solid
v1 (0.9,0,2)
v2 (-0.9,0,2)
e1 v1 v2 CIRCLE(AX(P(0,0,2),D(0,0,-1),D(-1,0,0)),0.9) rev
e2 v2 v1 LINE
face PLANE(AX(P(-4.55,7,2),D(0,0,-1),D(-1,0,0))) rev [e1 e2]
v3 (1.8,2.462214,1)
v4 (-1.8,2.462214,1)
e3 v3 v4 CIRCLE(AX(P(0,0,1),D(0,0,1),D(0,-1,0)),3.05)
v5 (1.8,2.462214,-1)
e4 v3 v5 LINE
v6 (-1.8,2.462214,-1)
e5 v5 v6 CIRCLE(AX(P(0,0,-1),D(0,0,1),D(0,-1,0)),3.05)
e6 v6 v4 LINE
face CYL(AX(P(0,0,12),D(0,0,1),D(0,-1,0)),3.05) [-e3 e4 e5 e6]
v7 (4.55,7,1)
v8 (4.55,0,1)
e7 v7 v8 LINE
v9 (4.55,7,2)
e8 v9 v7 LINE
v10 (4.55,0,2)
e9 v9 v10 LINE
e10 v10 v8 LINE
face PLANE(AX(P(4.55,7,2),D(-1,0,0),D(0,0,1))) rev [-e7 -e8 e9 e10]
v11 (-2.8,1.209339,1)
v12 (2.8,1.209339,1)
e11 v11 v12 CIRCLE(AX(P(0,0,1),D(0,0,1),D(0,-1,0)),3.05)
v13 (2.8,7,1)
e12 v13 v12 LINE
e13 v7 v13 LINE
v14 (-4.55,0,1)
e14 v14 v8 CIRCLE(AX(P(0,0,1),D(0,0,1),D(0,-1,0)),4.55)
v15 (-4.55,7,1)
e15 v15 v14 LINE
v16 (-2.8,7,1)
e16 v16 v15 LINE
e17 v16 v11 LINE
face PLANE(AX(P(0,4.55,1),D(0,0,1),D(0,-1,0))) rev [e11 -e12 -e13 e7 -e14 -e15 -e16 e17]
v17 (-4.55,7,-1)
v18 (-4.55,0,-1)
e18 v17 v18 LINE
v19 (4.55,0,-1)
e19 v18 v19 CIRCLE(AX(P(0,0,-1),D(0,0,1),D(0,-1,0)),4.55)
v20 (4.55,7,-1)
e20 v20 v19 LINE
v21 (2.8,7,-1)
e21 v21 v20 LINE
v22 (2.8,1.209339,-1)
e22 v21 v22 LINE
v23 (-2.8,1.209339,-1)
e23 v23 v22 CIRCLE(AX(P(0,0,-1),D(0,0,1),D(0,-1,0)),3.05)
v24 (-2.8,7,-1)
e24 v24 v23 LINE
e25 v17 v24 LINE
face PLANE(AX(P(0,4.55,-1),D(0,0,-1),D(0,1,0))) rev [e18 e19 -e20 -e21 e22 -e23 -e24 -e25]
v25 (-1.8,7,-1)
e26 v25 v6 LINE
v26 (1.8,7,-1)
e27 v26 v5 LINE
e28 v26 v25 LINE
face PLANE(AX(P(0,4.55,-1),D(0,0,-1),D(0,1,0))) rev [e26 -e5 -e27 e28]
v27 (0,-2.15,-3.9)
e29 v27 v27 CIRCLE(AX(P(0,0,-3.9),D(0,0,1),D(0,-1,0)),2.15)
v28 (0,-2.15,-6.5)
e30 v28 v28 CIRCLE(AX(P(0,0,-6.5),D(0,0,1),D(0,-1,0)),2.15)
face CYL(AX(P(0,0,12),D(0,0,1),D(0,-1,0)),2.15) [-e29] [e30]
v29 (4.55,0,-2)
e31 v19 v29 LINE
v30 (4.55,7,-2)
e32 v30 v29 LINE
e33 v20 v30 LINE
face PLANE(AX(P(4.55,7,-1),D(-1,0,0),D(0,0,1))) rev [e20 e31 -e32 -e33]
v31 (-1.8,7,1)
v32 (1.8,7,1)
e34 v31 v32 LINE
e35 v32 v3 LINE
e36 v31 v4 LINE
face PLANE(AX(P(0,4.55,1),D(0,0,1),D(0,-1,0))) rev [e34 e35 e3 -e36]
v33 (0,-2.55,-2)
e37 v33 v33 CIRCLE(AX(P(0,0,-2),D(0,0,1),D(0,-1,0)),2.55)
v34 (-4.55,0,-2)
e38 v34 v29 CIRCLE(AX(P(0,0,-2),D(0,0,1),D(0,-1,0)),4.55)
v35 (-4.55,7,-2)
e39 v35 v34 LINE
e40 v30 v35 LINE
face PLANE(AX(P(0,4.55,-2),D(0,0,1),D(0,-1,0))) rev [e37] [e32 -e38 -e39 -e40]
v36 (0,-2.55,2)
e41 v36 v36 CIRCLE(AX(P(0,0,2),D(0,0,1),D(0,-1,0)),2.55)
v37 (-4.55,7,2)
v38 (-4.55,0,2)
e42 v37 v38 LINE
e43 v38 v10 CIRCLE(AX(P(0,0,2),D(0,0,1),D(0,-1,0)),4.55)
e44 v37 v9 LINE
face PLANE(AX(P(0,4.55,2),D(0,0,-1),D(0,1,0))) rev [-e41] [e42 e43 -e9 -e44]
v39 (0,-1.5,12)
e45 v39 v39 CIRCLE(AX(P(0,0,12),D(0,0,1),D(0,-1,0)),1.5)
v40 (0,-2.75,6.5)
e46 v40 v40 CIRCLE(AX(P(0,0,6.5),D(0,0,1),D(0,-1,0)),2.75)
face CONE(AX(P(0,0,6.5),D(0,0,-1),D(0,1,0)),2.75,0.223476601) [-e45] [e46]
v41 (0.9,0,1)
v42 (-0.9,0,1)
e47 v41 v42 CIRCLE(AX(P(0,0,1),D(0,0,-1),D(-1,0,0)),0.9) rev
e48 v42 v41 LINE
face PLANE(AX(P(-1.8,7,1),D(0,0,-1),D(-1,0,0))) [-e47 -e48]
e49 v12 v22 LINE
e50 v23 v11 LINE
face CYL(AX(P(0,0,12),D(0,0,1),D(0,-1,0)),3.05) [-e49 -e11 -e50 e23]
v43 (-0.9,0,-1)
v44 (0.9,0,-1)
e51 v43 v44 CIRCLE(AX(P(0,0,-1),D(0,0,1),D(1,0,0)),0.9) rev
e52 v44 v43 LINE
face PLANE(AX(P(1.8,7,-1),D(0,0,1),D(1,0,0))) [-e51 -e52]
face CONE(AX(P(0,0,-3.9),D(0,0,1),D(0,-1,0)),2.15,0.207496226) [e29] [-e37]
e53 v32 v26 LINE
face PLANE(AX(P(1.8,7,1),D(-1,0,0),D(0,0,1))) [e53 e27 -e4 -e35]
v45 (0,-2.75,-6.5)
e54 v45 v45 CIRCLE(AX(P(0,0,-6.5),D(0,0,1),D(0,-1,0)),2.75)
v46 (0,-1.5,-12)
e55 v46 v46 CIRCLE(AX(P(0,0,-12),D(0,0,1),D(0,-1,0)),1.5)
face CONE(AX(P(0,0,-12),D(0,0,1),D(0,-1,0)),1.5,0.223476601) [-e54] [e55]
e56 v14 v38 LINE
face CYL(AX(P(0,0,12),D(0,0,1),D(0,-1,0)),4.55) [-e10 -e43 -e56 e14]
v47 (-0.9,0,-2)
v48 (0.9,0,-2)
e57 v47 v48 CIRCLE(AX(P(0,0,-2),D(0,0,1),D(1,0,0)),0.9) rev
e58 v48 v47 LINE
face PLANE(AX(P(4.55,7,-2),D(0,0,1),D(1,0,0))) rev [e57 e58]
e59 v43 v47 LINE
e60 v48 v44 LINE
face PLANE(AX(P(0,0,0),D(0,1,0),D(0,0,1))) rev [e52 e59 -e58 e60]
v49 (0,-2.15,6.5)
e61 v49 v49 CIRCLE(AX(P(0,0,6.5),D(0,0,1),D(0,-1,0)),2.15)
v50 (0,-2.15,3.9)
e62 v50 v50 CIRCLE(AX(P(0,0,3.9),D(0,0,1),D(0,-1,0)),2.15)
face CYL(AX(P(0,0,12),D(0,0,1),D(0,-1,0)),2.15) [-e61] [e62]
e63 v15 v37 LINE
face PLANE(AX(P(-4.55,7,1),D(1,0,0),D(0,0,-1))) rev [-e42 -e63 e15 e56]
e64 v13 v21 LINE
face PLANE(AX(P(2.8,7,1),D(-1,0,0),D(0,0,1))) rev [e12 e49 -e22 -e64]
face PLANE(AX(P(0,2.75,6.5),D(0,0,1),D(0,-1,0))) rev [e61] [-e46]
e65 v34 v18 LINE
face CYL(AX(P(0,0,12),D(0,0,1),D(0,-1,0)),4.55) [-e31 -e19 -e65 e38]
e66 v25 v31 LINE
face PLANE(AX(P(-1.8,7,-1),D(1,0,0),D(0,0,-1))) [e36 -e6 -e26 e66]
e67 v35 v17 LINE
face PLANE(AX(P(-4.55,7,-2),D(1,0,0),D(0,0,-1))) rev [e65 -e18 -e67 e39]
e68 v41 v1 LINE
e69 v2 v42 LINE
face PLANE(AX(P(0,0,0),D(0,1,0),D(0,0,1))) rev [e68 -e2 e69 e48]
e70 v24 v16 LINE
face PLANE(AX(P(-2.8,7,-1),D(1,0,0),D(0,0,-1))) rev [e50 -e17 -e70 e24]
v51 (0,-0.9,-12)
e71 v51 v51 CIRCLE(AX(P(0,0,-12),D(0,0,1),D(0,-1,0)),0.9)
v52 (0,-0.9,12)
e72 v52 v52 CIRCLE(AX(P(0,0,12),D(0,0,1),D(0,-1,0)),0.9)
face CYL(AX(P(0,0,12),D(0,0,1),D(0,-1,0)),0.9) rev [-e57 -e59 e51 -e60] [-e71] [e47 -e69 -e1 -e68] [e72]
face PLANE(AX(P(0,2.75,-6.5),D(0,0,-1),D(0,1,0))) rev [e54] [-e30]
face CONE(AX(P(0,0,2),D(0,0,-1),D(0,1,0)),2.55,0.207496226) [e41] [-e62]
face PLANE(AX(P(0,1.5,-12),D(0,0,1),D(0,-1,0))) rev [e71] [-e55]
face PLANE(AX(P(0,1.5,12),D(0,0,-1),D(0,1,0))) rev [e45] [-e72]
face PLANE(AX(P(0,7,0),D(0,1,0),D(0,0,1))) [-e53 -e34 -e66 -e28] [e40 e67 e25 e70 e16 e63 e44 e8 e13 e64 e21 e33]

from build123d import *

# Parameters (mm, degrees)
SKETCH2_W           = 3.6
SKETCH2_H           = 2
BOSS_EXTRUDE1_DEPTH = 7


with BuildPart() as part:
    # Sketch1 → Revolve1 (revolve)
    with BuildSketch(Plane(origin=(0, 0, 0), x_dir=(0, 0, -1), z_dir=(1, 0, 0)), mode=Mode.PRIVATE) as revolve1_sk:
        Polygon((6.5, 2.75), (12, 1.5), (12, 0.9), (-12, 0.9), (-12, 1.5), (-6.5, 2.75), (-6.5, 2.15), (-3.9, 2.15), (-2, 2.55), (-2, 4.55), (-1, 4.55), (-1, 3.05), (1, 3.05), (1, 4.55), (2, 4.55), (2, 2.55), (3.9, 2.15), (6.5, 2.15), align=None)
    revolve(revolve1_sk.sketch.rotate(Axis((0, 0, 12), (0, 0, -1)), 180), axis=Axis((0, 0, 12), (0, 0, -1)))

    # Sketch2 → Boss-Extrude1 (add)
    with BuildSketch(Plane(origin=(0, 0, 0), x_dir=(1, 0, 0), z_dir=(0, 1, 0))):
        Polygon((-4.55, 2), (-4.55, 1), (-2.8, 1), (-2.8, -1), (-4.55, -1), (-4.55, -2), (4.55, -2), (4.55, -1), (2.8, -1), (2.8, 1), (4.55, 1), (4.55, 2), align=None)
        Rectangle(SKETCH2_W, SKETCH2_H, mode=Mode.SUBTRACT)
    extrude(amount=BOSS_EXTRUDE1_DEPTH)


solid = part.part
